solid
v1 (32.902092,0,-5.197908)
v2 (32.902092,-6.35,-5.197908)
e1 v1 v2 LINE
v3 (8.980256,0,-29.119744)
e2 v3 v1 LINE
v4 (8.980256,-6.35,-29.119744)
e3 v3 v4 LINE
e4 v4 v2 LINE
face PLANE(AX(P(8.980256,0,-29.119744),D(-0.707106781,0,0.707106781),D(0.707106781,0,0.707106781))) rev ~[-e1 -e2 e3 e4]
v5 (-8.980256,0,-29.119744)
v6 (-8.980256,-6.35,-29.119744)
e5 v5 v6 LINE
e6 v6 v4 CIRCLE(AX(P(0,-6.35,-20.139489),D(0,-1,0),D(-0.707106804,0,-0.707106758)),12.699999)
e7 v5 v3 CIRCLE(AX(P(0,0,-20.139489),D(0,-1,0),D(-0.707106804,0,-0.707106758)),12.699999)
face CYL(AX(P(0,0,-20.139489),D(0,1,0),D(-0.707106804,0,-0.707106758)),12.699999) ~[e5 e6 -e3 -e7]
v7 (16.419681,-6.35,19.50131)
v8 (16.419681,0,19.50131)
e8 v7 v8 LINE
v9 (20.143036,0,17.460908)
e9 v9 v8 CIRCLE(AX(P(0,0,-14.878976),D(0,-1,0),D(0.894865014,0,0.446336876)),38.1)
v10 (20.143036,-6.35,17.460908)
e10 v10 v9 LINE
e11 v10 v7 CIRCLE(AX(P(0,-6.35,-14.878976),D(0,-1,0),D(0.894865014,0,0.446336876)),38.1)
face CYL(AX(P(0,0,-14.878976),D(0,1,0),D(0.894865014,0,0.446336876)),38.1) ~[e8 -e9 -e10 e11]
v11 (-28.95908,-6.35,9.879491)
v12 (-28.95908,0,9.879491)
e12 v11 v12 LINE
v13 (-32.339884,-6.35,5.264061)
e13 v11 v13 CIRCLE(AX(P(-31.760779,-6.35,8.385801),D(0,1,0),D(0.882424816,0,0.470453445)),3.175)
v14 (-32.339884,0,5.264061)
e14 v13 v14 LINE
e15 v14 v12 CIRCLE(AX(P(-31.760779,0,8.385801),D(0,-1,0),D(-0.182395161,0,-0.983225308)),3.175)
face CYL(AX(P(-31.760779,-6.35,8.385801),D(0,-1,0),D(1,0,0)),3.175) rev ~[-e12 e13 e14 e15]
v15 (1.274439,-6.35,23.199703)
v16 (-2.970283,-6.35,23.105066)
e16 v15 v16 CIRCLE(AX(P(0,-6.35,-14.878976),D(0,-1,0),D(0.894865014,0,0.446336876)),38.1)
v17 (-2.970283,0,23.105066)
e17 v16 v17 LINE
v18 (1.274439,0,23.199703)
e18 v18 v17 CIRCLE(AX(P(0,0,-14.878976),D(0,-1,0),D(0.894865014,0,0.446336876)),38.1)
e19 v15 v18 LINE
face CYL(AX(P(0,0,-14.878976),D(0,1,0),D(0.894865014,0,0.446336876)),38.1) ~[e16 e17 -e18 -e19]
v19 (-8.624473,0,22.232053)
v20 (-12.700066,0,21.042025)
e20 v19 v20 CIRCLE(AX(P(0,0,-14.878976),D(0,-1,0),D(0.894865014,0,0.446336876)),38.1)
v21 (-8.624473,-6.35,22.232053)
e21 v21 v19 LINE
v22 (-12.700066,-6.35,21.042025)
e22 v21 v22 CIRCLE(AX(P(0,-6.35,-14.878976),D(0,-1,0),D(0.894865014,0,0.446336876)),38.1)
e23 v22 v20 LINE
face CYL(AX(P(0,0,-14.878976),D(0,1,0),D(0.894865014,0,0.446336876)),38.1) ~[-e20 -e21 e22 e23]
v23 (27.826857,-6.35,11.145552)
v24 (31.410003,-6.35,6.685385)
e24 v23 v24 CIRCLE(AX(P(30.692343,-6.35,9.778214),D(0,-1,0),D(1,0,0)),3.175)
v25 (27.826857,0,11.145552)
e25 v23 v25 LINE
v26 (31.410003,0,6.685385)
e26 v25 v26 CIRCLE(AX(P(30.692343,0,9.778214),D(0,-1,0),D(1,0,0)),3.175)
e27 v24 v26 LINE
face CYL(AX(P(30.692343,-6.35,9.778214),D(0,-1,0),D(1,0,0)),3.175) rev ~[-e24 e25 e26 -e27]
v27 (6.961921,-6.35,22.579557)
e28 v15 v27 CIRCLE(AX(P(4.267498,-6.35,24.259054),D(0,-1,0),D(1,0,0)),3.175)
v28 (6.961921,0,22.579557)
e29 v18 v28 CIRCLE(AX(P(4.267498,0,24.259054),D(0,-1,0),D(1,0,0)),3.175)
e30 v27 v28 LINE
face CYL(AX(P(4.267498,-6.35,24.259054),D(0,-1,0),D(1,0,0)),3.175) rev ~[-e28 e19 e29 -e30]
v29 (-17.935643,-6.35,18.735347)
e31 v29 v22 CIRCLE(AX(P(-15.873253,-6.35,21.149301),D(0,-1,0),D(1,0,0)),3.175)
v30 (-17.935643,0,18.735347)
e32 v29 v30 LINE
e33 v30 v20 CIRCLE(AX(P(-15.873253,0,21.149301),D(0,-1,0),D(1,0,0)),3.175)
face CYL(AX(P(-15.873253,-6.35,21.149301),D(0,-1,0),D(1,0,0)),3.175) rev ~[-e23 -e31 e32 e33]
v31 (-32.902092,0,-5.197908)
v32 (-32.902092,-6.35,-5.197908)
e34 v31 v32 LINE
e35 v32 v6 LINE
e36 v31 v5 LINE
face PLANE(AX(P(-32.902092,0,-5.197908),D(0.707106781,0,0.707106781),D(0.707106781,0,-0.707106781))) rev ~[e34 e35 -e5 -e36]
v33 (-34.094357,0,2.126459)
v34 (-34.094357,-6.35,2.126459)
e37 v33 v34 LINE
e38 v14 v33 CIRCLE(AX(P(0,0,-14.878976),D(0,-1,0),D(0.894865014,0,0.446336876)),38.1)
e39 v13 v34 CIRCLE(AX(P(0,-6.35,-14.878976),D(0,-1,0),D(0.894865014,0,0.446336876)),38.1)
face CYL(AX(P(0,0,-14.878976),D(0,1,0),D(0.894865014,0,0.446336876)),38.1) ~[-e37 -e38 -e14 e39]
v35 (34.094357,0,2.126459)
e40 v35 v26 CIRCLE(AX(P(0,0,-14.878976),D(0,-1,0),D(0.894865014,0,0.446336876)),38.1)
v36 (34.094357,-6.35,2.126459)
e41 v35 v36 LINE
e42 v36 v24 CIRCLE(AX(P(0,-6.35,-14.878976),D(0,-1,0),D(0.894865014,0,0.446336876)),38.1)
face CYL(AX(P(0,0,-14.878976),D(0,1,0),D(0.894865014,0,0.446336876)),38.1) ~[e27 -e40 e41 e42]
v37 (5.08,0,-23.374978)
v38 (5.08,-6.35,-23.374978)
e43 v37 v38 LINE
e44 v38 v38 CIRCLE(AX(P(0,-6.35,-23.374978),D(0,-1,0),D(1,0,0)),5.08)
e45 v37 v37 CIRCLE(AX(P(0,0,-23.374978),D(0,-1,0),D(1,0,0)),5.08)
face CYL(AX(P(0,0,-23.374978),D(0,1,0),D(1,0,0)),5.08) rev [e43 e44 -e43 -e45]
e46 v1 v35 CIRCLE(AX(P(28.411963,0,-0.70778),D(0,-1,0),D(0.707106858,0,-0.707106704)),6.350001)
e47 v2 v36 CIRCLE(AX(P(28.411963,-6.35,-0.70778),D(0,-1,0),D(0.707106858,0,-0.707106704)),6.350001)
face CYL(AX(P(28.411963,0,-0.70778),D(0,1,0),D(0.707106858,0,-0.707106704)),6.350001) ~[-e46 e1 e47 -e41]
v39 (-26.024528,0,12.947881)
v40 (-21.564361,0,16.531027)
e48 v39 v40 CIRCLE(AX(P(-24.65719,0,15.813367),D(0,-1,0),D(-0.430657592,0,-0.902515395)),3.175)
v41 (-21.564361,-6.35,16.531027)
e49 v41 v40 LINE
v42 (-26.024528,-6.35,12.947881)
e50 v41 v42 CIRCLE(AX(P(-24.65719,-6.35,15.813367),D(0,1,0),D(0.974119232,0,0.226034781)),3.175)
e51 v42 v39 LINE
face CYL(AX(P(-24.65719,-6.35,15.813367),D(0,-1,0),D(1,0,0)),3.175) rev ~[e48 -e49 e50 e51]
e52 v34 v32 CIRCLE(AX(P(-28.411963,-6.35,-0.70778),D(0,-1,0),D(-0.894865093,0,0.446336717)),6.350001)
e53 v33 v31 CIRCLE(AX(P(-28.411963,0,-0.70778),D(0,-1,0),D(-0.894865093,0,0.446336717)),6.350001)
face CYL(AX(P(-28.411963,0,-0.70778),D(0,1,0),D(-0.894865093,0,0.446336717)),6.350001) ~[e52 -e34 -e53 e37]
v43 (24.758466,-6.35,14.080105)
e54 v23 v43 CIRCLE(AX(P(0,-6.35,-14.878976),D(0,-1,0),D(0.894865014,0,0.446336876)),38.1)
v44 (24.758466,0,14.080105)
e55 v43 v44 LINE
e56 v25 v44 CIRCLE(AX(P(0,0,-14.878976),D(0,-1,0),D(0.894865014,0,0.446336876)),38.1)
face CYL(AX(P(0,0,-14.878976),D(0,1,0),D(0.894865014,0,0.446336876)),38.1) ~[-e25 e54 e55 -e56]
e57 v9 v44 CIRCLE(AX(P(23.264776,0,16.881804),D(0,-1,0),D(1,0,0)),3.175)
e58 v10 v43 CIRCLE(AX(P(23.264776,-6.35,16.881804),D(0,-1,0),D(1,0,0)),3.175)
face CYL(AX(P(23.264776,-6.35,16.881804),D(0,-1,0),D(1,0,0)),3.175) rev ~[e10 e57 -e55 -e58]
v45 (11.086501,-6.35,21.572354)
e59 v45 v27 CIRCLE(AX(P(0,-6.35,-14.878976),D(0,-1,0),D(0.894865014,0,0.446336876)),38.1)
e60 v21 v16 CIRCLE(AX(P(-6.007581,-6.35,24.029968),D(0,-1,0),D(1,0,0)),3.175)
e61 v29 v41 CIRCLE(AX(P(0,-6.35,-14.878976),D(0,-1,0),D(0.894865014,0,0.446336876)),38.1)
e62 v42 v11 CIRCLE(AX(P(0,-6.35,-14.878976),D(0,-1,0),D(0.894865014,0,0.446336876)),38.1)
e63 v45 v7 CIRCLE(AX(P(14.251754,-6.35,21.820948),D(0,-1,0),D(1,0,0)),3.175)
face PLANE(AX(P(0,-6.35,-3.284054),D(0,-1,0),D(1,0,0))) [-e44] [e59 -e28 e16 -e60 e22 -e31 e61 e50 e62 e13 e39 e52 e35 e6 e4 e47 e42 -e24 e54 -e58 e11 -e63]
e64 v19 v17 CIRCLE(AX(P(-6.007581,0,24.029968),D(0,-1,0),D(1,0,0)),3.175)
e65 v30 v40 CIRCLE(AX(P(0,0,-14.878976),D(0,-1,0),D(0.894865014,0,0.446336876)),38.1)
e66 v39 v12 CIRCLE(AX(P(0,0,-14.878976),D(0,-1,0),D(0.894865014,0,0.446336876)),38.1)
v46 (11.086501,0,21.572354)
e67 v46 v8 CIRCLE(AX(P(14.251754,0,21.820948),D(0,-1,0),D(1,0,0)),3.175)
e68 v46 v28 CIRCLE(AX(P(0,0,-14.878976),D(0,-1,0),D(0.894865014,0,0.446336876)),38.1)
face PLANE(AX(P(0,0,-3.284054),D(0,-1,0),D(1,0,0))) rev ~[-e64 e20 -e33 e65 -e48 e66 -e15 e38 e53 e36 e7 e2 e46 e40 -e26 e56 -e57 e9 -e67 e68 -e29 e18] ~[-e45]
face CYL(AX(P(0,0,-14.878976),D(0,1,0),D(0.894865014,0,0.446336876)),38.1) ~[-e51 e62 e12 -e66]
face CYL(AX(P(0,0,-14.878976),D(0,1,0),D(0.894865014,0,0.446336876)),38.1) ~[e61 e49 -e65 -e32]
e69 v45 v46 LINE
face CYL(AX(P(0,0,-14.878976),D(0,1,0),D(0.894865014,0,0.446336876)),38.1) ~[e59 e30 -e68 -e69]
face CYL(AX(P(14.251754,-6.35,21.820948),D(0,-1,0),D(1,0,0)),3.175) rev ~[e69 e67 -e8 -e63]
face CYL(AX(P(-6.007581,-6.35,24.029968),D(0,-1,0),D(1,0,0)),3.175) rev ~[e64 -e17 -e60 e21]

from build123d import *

# Parameters (mm, degrees)
F0_R     = 5.08
F1_DEPTH = 6.35
F2_R     = 3.175
F3_DEPTH = 25.4


with BuildPart() as f1:
    # F0 (on Front) → F1 (new body)
    with BuildSketch(Plane.XZ):
        with BuildLine():
            Line((-32.902092, -5.197908), (-8.980256, -29.119744))
            ThreePointArc((-8.980256, -29.119744), (0, -32.839488), (8.980256, -29.119744))
            Line((8.980256, -29.119744), (32.902092, -5.197908))
            ThreePointArc((32.902092, -5.197908), (34.67947, -1.728008), (34.094357, 2.126459))
            ThreePointArc((34.094357, 2.126459), (0, 23.221024), (-34.094357, 2.126459))
            ThreePointArc((-34.094357, 2.126459), (-34.67947, -1.728008), (-32.902092, -5.197908))
        make_face()
        with Locations((0, -23.374978)):
            Circle(F0_R, mode=Mode.SUBTRACT)
    extrude(amount=F1_DEPTH)

    # F2 (on face) → F3 (cut)
    with BuildSketch(Plane.XZ.offset(6.35)):
        with Locations((-31.760779, 8.385801)):
            Circle(F2_R)
        with Locations((-24.65719, 15.813367)):
            Circle(F2_R)
        with Locations((-15.873253, 21.149301)):
            Circle(F2_R)
        with Locations((-6.007581, 24.029968)):
            Circle(F2_R)
        with Locations((4.267498, 24.259054)):
            Circle(F2_R)
        with Locations((14.251754, 21.820948)):
            Circle(F2_R)
        with Locations((23.264776, 16.881804)):
            Circle(F2_R)
        with Locations((30.692343, 9.778214)):
            Circle(F2_R)
    extrude(amount=-F3_DEPTH, mode=Mode.SUBTRACT)


solid = f1.part
